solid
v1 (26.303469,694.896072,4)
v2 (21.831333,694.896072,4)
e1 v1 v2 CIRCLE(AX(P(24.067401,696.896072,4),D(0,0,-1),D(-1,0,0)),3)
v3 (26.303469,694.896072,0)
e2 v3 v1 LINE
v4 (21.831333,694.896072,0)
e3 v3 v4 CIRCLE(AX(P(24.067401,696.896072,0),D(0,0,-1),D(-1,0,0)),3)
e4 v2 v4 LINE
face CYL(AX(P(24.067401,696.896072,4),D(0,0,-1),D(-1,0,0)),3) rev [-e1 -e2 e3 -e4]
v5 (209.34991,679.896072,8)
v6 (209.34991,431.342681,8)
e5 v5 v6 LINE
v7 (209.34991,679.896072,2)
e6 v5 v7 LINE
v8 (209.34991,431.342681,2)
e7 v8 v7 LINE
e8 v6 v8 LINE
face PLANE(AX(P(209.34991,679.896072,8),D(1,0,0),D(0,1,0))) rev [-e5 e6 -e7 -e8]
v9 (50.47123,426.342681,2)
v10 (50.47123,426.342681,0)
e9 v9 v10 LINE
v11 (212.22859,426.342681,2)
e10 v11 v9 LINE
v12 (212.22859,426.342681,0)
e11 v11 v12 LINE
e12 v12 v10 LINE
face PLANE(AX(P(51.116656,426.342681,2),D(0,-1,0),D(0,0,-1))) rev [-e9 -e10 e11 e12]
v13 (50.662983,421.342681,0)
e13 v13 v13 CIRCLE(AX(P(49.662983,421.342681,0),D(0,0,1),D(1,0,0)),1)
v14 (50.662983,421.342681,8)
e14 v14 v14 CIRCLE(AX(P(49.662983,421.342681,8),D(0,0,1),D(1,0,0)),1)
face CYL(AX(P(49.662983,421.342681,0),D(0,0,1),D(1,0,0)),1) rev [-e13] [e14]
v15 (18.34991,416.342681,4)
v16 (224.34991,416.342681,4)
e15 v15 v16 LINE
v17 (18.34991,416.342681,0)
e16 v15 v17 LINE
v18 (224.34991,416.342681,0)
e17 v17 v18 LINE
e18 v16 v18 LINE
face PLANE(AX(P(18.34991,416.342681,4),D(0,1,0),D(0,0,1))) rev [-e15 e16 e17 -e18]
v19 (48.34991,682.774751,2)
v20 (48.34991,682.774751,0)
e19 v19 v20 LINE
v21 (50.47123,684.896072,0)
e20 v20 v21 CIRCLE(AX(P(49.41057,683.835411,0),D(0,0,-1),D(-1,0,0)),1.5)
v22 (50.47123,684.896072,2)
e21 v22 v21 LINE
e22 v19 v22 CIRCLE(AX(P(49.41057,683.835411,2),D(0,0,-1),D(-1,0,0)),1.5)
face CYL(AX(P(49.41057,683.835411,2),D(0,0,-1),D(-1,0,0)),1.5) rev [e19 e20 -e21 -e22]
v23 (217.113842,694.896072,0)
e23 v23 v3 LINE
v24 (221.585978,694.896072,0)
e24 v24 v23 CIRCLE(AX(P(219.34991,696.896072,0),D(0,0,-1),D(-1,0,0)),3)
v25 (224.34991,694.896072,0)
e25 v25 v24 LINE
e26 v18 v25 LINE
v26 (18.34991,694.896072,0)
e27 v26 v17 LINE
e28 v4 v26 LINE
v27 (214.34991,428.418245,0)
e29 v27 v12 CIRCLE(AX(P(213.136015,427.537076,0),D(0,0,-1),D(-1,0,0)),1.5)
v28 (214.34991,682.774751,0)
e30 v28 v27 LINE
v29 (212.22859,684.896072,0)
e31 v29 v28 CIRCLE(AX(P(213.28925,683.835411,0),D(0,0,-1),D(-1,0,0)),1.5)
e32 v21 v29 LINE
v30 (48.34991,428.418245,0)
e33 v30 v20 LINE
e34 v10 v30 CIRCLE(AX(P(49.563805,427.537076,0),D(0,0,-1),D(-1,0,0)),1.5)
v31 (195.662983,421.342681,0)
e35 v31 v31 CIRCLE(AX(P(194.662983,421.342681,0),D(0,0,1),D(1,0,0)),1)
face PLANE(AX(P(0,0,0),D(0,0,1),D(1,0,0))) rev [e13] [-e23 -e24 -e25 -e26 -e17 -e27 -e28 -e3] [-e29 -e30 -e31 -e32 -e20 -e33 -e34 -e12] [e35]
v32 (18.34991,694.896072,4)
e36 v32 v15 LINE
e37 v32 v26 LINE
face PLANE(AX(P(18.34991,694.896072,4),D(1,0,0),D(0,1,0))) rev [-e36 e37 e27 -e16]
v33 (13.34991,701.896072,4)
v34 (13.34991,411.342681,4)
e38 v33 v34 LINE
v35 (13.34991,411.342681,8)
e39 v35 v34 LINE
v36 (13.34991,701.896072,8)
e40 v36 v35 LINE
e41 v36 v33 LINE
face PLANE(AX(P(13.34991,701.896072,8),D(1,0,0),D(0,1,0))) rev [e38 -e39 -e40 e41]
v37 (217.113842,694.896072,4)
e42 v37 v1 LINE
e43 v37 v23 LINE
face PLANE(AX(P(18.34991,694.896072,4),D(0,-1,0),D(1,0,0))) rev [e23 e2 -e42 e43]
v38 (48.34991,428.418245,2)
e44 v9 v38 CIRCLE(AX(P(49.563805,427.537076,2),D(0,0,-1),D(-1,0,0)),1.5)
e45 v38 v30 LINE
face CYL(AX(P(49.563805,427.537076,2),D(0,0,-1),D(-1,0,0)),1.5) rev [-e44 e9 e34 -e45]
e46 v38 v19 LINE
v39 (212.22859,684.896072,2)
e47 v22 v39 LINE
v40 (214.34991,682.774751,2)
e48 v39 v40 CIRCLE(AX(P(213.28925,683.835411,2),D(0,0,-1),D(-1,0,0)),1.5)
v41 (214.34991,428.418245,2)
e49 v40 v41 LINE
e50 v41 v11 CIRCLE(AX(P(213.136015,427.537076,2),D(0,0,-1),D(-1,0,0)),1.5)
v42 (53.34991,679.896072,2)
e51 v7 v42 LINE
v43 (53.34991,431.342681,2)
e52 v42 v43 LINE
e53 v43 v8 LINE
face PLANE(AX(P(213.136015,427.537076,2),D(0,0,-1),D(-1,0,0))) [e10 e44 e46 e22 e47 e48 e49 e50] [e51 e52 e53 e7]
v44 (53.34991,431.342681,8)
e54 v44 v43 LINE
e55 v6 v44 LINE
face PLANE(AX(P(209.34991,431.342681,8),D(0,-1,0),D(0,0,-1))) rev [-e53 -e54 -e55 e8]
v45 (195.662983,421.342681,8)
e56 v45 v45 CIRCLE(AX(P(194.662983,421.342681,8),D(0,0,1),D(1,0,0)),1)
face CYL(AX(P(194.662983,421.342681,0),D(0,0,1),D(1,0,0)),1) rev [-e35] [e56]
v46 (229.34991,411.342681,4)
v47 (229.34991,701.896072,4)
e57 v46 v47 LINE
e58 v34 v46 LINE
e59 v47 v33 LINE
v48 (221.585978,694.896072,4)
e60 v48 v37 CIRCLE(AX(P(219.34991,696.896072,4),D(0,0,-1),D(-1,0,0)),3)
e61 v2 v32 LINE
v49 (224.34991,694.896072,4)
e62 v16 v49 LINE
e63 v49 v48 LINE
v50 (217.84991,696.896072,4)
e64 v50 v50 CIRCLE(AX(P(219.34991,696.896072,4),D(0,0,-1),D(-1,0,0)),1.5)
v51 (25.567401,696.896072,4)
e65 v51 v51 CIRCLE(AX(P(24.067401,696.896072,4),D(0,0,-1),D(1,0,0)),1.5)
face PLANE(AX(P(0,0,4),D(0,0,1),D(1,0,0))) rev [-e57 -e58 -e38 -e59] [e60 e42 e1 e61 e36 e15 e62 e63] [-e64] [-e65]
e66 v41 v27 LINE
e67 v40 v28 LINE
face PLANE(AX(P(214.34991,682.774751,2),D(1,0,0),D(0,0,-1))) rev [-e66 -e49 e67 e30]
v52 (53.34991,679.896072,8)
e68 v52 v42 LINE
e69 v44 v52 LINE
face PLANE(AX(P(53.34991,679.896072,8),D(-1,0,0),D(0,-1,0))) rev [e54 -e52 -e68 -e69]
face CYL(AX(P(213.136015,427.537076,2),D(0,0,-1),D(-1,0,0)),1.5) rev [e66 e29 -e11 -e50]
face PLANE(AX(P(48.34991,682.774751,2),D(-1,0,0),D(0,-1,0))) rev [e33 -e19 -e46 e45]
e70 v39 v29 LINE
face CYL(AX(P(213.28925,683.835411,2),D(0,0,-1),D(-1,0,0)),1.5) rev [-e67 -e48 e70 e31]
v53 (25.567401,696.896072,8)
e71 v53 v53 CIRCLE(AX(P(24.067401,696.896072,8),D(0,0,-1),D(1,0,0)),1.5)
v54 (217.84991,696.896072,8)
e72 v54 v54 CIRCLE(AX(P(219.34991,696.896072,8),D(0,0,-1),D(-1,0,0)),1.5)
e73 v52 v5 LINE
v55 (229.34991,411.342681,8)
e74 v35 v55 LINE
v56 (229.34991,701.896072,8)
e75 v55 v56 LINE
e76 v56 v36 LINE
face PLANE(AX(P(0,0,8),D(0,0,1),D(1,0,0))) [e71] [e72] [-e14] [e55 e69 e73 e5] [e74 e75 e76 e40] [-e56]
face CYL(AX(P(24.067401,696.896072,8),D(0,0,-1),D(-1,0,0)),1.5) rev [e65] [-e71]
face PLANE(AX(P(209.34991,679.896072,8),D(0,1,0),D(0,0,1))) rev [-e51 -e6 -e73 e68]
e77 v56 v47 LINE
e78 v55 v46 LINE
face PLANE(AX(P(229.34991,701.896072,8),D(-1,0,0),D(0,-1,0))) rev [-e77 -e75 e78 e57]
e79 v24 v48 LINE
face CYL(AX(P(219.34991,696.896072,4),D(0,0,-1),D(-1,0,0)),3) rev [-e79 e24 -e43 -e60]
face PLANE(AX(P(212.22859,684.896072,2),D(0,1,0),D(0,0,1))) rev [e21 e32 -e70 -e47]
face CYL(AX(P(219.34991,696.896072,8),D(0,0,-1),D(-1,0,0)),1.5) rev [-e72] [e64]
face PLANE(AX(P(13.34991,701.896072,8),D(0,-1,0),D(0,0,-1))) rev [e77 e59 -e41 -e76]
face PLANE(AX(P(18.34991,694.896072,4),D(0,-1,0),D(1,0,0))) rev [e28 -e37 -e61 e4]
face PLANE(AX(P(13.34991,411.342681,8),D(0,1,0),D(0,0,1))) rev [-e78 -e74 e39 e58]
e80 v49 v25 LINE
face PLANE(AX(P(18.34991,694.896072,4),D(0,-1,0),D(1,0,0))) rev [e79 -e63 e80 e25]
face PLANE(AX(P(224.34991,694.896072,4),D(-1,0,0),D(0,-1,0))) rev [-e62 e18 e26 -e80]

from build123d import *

# Parameters (mm, degrees)
ESQUISSE1_W             = 206
ESQUISSE1_H             = 278.55339059
BOSS_EXTRU_1_DEPTH      = 4
ESQUISSE2_W             = 216
ESQUISSE2_H             = 290.55339059
BOSS_EXTRU_2_DEPTH      = 4
ESQUISSE3_W             = 156
ESQUISSE3_H             = 248.55339059
ENL_V_MAT_EXTRU_1_DEPTH = 8
ENL_V_MAT_EXTRU_2_DEPTH = 2
ESQUISSE5_R             = 1.5
ENL_V_MAT_EXTRU_3_DEPTH = 4
ESQUISSE6_R             = 3
ENL_V_MAT_EXTRU_4_DEPTH = 4
ESQUISSE7_R             = 1
ENL_V_MAT_EXTRU_5_DEPTH = 739.46020643


with BuildPart() as part:
    # Esquisse1 → Boss.-Extru.1 (new body)
    with BuildSketch(Plane.XY):
        with Locations((121.349909903, 555.619376292)):
            Rectangle(ESQUISSE1_W, ESQUISSE1_H)
    extrude(amount=BOSS_EXTRU_1_DEPTH)

    # Esquisse2 → Boss.-Extru.2 (add)
    with BuildSketch(Plane.XY.offset(4)):
        with Locations((121.349909903, 556.619376292)):
            Rectangle(ESQUISSE2_W, ESQUISSE2_H)
    extrude(amount=BOSS_EXTRU_2_DEPTH)

    # Esquisse3 → Enlèv. mat.-Extru.1 (cut)
    with BuildSketch(Plane(origin=(0, 0, 0), x_dir=(-1, 0, 0), z_dir=(0, 0, -1))):
        with Locations((-131.349909903, 555.619376292)):
            Rectangle(ESQUISSE3_W, ESQUISSE3_H)
    extrude(amount=-ENL_V_MAT_EXTRU_1_DEPTH, mode=Mode.SUBTRACT)

    # Esquisse4 → Enlèv. mat.-Extru.2 (cut)
    with BuildSketch(Plane(origin=(0, 0, 0), x_dir=(-1, 0, 0), z_dir=(0, 0, -1))):
        with BuildLine():
            Line((-212.228589559, 684.896071587), (-50.471230246, 684.896071587))
            ThreePointArc((-50.471230246, 684.896071587), (-48.349909903, 684.896071587), (-48.349909903, 682.774751243))
            Line((-48.349909903, 682.774751243), (-48.349909903, 428.418245014))
            ThreePointArc((-48.349909903, 428.418245014), (-48.51477084, 426.464915653), (-50.471230246, 426.342680997))
            Line((-50.471230246, 426.342680997), (-51.11665592, 426.342680997))
            Line((-51.11665592, 426.342680997), (-211.583163885, 426.342680997))
            Line((-211.583163885, 426.342680997), (-212.228589559, 426.342680997))
            ThreePointArc((-212.228589559, 426.342680997), (-214.185048965, 426.464915653), (-214.349909903, 428.418245014))
            Line((-214.349909903, 428.418245014), (-214.349909903, 682.774751243))
            ThreePointArc((-214.349909903, 682.774751243), (-214.349909903, 684.896071587), (-212.228589559, 684.896071587))
        make_face()
    extrude(amount=-ENL_V_MAT_EXTRU_2_DEPTH, mode=Mode.SUBTRACT)

    # Esquisse5 → Enlèv. mat.-Extru.3 (cut)
    with BuildSketch(Plane(origin=(0, 0, 4), x_dir=(-1, 0, 0), z_dir=(0, 0, -1))):
        with Locations((-219.349909903, 696.896071587)):
            Circle(ESQUISSE5_R)
        with Locations(Location((-24.067400597, 696.896071587, 0), (0, 0, 180))):
            Circle(ESQUISSE5_R)
    extrude(amount=-ENL_V_MAT_EXTRU_3_DEPTH, mode=Mode.SUBTRACT)

    # Esquisse6 → Enlèv. mat.-Extru.4 (cut)
    with BuildSketch(Plane(origin=(0, 0, 0), x_dir=(-1, 0, 0), z_dir=(0, 0, -1))):
        with Locations((-24.067400597, 696.896071587)):
            Circle(ESQUISSE6_R)
        with Locations((-219.349909903, 696.896071587)):
            Circle(ESQUISSE6_R)
    extrude(amount=-ENL_V_MAT_EXTRU_4_DEPTH, mode=Mode.SUBTRACT)

    # Esquisse7 → Enlèv. mat.-Extru.5 (cut, through all)
    with BuildSketch(Plane.XY.offset(8)):
        with Locations((49.662982919, 421.342680997)):
            Circle(ESQUISSE7_R)
        with Locations((194.662982919, 421.342680997)):
            Circle(ESQUISSE7_R)
    extrude(amount=-ENL_V_MAT_EXTRU_5_DEPTH, mode=Mode.SUBTRACT)


solid = part.part
